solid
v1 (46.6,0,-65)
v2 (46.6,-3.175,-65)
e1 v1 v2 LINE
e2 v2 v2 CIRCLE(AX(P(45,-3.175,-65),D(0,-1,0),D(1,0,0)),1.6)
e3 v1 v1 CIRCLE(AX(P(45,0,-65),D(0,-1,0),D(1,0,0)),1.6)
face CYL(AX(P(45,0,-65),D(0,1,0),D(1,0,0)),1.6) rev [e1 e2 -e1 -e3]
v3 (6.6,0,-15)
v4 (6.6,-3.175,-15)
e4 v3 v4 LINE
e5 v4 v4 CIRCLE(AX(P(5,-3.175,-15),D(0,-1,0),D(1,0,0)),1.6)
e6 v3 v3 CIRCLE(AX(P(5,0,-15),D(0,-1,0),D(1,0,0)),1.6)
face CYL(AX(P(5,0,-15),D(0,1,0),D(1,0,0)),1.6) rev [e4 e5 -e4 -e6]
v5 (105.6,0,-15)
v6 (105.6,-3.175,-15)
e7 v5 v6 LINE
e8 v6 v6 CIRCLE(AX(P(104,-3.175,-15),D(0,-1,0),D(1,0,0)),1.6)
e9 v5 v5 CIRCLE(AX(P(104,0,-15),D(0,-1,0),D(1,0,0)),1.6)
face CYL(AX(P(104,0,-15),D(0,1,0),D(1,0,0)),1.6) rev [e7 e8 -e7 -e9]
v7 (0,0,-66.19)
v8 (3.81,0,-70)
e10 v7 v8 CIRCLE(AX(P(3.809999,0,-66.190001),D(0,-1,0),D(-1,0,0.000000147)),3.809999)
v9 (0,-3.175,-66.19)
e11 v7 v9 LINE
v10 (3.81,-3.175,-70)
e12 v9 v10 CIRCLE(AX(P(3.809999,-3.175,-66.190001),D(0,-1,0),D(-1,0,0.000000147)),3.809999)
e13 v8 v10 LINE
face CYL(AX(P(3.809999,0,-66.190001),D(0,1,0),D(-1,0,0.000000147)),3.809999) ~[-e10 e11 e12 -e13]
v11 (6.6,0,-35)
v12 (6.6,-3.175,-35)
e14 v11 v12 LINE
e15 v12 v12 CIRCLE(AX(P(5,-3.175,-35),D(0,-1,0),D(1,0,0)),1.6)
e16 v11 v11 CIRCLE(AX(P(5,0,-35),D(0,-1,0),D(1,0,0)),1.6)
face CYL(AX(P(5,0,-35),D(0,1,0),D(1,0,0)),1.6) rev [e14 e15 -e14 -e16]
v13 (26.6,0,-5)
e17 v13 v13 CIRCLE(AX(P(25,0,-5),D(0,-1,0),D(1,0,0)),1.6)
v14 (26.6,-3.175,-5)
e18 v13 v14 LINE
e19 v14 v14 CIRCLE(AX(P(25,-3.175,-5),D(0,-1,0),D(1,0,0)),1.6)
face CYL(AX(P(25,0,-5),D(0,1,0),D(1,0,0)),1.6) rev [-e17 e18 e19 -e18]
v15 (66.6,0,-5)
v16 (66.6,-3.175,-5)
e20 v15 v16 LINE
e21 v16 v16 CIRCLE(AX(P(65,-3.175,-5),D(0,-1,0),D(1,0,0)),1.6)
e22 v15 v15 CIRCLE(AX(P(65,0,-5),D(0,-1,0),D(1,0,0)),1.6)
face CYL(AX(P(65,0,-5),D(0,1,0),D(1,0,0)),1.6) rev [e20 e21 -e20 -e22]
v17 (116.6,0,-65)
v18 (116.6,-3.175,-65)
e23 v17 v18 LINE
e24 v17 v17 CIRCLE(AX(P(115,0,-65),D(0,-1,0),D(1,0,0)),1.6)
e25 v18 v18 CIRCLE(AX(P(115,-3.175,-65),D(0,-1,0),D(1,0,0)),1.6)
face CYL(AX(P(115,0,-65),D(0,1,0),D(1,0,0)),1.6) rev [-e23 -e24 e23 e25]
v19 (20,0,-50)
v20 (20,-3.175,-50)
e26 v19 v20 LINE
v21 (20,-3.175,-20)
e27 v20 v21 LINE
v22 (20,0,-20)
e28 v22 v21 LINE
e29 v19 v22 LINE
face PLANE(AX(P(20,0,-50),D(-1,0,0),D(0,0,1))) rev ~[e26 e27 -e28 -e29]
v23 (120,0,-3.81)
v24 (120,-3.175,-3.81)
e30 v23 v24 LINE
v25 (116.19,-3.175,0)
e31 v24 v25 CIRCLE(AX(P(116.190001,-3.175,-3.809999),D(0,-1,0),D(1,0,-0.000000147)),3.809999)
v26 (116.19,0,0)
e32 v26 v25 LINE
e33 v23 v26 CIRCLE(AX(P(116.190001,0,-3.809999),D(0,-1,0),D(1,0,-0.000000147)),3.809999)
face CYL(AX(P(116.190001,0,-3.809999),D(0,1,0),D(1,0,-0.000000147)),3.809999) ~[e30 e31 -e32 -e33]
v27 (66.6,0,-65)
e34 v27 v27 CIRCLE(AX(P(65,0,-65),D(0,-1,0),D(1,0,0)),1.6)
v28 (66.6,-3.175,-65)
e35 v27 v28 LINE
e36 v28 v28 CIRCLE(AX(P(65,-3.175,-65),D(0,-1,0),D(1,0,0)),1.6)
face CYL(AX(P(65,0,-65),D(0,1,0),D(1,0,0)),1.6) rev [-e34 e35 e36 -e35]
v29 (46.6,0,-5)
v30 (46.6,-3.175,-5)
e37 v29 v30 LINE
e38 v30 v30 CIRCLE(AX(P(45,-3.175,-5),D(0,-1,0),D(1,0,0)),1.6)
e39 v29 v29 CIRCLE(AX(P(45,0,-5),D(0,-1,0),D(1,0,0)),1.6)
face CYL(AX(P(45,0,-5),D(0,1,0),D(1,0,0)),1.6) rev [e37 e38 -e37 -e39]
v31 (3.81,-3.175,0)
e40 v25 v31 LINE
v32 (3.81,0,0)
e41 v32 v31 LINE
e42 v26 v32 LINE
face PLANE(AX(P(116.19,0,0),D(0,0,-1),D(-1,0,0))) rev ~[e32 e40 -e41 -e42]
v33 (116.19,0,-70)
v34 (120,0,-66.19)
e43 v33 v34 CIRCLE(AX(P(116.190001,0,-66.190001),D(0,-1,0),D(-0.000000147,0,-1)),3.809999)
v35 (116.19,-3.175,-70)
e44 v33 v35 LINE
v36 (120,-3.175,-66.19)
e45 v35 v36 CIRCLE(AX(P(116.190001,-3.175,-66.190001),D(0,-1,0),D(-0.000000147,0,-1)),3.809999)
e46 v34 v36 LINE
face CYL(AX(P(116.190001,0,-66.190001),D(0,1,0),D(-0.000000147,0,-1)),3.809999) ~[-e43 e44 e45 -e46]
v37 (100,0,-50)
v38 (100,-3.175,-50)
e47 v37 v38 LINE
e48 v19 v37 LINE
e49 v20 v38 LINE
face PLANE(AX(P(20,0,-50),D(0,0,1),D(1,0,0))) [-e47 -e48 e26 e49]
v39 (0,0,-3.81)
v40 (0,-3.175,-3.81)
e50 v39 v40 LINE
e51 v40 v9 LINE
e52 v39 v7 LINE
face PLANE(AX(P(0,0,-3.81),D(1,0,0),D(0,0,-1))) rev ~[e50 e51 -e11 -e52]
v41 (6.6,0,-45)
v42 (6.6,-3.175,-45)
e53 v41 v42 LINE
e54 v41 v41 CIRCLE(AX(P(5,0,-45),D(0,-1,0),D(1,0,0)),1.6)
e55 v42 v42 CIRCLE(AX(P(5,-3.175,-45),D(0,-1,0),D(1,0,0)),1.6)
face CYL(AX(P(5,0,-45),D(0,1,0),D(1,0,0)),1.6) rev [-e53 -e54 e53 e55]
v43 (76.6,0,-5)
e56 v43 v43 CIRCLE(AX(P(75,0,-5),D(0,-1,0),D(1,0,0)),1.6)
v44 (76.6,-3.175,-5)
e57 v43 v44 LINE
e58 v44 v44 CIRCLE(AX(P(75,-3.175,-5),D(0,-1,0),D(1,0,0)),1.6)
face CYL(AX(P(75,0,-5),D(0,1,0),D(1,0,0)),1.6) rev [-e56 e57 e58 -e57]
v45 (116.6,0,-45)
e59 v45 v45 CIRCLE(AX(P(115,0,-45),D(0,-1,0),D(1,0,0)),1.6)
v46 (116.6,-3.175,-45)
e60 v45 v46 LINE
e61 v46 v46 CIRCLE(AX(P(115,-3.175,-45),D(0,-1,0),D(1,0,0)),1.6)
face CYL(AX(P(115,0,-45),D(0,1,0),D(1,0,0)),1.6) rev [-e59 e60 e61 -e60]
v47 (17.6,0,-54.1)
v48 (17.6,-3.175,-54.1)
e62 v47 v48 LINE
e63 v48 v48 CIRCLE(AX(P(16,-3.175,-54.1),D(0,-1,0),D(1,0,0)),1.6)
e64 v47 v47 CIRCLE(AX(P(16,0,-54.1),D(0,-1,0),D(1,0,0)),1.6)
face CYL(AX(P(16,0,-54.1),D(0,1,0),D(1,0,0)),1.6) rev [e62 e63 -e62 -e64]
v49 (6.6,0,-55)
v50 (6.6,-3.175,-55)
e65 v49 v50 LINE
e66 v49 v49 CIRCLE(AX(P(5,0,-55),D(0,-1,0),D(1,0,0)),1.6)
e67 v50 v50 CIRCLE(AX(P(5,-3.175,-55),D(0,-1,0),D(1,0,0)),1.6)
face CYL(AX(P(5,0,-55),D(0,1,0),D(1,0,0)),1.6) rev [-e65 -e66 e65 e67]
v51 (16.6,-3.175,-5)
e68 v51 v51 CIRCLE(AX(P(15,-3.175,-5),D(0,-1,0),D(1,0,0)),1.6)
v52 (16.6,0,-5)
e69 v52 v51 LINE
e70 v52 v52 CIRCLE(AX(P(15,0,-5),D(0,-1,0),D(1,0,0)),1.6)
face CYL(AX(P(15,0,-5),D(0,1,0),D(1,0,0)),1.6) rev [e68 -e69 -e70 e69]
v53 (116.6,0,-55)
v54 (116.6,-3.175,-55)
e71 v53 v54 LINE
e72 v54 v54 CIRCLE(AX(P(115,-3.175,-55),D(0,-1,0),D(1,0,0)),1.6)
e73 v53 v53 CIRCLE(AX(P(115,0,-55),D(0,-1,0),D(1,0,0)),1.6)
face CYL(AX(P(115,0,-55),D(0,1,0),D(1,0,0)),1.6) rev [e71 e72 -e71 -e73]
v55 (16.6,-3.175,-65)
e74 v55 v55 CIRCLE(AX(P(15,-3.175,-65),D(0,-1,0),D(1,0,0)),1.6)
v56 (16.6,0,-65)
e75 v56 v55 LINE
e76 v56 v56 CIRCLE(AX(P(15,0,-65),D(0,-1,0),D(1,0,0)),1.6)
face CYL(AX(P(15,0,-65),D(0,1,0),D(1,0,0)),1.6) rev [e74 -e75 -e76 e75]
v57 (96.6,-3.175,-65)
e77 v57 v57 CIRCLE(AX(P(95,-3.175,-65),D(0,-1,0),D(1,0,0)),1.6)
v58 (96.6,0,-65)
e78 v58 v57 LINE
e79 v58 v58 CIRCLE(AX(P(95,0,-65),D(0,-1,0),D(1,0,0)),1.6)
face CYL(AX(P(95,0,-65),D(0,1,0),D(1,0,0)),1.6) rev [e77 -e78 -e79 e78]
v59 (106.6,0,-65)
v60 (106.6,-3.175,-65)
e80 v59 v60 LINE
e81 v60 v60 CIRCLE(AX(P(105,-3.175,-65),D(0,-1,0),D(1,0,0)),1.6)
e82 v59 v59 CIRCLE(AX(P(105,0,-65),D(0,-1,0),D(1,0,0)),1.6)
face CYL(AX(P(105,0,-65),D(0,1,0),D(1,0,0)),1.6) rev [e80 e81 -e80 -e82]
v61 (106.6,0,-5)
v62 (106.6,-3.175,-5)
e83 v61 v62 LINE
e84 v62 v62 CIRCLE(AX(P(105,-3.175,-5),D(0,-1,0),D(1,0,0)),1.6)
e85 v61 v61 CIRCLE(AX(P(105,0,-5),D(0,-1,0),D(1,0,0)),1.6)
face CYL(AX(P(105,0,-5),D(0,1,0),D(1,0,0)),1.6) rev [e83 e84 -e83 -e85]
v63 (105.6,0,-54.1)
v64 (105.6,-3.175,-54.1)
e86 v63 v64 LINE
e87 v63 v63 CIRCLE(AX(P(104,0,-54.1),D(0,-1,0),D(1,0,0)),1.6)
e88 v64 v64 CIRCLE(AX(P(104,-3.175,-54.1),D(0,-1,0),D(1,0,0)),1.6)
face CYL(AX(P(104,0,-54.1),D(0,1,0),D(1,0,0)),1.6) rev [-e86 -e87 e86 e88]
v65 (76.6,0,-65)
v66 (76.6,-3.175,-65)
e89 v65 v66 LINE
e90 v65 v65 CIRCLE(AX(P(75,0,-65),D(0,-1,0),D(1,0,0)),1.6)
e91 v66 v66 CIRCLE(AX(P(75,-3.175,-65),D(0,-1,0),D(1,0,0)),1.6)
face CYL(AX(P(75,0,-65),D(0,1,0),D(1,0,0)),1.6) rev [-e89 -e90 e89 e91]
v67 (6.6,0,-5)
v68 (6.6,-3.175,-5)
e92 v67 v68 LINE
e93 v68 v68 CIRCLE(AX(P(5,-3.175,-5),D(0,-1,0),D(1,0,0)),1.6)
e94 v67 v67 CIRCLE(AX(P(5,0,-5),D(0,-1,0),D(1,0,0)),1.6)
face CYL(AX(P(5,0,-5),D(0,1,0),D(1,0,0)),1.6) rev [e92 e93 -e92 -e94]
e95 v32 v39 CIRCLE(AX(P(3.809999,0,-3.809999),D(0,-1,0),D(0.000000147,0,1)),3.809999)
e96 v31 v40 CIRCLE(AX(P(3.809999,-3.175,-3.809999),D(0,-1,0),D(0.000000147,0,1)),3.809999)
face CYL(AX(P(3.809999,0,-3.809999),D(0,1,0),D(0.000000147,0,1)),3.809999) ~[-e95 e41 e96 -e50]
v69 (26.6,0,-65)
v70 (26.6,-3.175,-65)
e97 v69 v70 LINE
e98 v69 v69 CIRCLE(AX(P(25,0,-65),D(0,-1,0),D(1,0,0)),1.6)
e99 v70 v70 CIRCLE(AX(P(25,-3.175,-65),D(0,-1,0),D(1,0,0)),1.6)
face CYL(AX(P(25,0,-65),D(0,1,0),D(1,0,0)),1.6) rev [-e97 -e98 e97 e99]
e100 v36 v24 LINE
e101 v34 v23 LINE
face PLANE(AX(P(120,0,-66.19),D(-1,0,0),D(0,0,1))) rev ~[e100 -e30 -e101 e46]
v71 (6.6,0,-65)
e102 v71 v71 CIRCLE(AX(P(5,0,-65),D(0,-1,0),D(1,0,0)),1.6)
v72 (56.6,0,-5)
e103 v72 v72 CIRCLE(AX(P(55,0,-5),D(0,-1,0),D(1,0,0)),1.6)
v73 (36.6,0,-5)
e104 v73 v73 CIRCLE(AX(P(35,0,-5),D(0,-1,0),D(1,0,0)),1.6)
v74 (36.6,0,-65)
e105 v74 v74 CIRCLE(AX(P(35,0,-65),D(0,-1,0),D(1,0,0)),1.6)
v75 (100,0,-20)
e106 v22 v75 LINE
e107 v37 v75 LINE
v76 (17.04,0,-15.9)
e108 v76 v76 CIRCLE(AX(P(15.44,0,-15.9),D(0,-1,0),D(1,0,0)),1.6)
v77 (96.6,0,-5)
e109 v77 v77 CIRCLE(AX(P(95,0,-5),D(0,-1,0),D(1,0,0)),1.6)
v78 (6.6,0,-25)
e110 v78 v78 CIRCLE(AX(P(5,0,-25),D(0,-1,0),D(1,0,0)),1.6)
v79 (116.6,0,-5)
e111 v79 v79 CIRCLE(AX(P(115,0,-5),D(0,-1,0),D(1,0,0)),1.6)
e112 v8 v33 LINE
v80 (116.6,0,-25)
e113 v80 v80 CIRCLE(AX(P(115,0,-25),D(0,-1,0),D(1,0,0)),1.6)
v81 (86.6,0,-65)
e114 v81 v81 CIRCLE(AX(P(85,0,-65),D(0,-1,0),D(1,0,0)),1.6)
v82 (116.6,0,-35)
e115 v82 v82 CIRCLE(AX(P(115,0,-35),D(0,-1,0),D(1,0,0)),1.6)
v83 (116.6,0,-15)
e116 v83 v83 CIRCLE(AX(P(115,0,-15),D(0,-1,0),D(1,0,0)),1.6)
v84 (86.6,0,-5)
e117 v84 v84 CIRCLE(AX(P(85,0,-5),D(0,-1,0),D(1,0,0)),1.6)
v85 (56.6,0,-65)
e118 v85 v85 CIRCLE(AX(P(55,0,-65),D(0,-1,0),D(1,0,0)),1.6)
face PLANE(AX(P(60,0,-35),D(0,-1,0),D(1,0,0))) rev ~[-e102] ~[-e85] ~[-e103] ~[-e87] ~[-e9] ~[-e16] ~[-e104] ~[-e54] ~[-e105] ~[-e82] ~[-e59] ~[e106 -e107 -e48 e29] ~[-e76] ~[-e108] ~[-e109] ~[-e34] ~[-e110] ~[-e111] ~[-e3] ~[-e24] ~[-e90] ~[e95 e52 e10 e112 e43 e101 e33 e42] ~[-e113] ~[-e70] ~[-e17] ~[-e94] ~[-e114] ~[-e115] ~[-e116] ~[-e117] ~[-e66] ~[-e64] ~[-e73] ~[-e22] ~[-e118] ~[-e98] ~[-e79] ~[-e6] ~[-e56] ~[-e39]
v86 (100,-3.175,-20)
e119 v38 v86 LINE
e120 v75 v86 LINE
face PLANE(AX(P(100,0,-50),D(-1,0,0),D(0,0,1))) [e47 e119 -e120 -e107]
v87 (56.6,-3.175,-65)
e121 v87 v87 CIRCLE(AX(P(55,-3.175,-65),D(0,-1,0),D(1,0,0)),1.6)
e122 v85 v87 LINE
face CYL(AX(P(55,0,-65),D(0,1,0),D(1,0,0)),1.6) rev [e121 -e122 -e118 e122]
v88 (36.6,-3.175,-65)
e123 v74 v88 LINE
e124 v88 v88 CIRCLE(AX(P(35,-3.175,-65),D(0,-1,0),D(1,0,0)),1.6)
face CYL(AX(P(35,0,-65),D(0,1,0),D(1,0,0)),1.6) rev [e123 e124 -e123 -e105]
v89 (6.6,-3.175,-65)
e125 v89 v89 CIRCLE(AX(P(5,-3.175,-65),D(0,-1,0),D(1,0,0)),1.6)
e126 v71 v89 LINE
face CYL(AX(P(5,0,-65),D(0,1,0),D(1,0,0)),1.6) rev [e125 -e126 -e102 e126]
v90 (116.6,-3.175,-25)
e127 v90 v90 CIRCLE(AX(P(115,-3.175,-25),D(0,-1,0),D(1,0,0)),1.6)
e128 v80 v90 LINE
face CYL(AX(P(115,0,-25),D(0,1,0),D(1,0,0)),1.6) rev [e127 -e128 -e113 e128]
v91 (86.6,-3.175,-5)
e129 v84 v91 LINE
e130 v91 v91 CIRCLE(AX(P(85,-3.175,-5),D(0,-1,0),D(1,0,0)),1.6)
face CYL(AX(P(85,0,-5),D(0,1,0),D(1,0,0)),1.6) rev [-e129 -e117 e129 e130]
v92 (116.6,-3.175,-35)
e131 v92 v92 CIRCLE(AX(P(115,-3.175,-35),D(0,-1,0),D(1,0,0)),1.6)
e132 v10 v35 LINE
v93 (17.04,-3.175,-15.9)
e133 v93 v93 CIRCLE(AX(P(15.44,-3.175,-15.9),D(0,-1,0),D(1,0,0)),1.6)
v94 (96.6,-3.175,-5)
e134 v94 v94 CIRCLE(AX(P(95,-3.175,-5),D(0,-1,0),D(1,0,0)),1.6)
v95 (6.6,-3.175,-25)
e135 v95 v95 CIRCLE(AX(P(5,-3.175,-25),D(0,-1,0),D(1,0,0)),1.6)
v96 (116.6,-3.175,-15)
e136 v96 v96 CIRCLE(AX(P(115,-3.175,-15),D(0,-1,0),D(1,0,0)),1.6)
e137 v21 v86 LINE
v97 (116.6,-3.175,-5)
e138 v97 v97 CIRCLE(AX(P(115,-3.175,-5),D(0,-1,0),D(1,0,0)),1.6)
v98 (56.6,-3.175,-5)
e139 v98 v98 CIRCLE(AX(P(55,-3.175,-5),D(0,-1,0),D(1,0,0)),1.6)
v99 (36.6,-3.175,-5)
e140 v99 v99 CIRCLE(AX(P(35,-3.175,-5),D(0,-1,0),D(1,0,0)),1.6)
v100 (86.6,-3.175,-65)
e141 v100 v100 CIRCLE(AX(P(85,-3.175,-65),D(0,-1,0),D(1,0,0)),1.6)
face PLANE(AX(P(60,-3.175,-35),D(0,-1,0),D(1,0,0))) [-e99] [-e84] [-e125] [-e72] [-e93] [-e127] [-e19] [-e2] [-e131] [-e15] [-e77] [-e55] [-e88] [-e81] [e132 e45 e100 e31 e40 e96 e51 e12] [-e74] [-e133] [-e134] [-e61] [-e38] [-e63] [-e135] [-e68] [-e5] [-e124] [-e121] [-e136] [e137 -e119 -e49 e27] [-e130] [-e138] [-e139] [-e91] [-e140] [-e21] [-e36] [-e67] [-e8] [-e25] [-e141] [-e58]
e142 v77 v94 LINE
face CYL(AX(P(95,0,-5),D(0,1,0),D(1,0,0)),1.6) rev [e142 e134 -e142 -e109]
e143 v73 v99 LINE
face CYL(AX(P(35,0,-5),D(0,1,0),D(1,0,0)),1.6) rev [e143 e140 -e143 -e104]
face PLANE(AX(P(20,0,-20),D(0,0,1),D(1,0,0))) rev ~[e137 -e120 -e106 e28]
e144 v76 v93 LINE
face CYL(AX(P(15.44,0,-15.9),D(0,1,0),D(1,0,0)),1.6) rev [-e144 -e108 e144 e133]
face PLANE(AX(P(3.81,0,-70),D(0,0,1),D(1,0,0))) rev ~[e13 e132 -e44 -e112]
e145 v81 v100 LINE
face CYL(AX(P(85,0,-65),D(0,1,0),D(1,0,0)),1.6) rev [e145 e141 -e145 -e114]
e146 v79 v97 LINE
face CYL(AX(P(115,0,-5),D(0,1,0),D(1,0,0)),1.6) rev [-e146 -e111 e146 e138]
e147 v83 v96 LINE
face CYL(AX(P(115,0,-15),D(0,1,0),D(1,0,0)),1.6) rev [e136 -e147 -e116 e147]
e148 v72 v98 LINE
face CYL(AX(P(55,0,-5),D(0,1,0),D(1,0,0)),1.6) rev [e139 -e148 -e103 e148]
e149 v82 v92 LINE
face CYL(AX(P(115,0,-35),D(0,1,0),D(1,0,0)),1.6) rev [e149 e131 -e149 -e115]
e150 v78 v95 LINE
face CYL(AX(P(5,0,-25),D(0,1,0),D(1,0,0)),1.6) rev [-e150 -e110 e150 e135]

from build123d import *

# Parameters (mm, degrees)
F0_R     = 1.6
F0_W     = 80
F0_H     = 30
F1_DEPTH = 3.175


with BuildPart() as f1:
    # F0 (on Front) → F1 (new body)
    with BuildSketch(Plane.XZ):
        with BuildLine():
            Line((116.19, 0), (3.81, 0))
            ThreePointArc((3.81, 0), (1.115923, -1.115923), (0, -3.81))
            Line((0, -3.81), (0, -66.19))
            ThreePointArc((0, -66.19), (1.115923, -68.884077), (3.81, -70))
            Line((3.81, -70), (116.19, -70))
            ThreePointArc((116.19, -70), (118.884077, -68.884077), (120, -66.19))
            Line((120, -66.19), (120, -3.81))
            ThreePointArc((120, -3.81), (118.884077, -1.115923), (116.19, 0))
        make_face()
        with Locations((5, -65)):
            Circle(F0_R, mode=Mode.SUBTRACT)
        with Locations((15, -65)):
            Circle(F0_R, mode=Mode.SUBTRACT)
        with Locations((25, -65)):
            Circle(F0_R, mode=Mode.SUBTRACT)
        with Locations((5, -55)):
            Circle(F0_R, mode=Mode.SUBTRACT)
        with Locations((16, -54.1)):
            Circle(F0_R, mode=Mode.SUBTRACT)
        with Locations((35, -65)):
            Circle(F0_R, mode=Mode.SUBTRACT)
        with Locations((45, -65)):
            Circle(F0_R, mode=Mode.SUBTRACT)
        with Locations((55, -65)):
            Circle(F0_R, mode=Mode.SUBTRACT)
        with Locations((5, -45)):
            Circle(F0_R, mode=Mode.SUBTRACT)
        with Locations((65, -65)):
            Circle(F0_R, mode=Mode.SUBTRACT)
        with Locations((75, -65)):
            Circle(F0_R, mode=Mode.SUBTRACT)
        with Locations((85, -65)):
            Circle(F0_R, mode=Mode.SUBTRACT)
        with Locations((95, -65)):
            Circle(F0_R, mode=Mode.SUBTRACT)
        with Locations((105, -65)):
            Circle(F0_R, mode=Mode.SUBTRACT)
        with Locations((115, -65)):
            Circle(F0_R, mode=Mode.SUBTRACT)
        with Locations((104, -54.1)):
            Circle(F0_R, mode=Mode.SUBTRACT)
        with Locations((115, -55)):
            Circle(F0_R, mode=Mode.SUBTRACT)
        with Locations((115, -45)):
            Circle(F0_R, mode=Mode.SUBTRACT)
        with Locations((5, -35)):
            Circle(F0_R, mode=Mode.SUBTRACT)
        with Locations((5, -25)):
            Circle(F0_R, mode=Mode.SUBTRACT)
        with Locations((5, -15)):
            Circle(F0_R, mode=Mode.SUBTRACT)
        with Locations((15.44, -15.9)):
            Circle(F0_R, mode=Mode.SUBTRACT)
        with Locations((5, -5)):
            Circle(F0_R, mode=Mode.SUBTRACT)
        with Locations((15, -5)):
            Circle(F0_R, mode=Mode.SUBTRACT)
        with Locations((25, -5)):
            Circle(F0_R, mode=Mode.SUBTRACT)
        with Locations((35, -5)):
            Circle(F0_R, mode=Mode.SUBTRACT)
        with Locations((45, -5)):
            Circle(F0_R, mode=Mode.SUBTRACT)
        with Locations((55, -5)):
            Circle(F0_R, mode=Mode.SUBTRACT)
        with Locations((60, -35)):
            Rectangle(F0_W, F0_H, mode=Mode.SUBTRACT)
        with Locations((115, -35)):
            Circle(F0_R, mode=Mode.SUBTRACT)
        with Locations((115, -25)):
            Circle(F0_R, mode=Mode.SUBTRACT)
        with Locations((65, -5)):
            Circle(F0_R, mode=Mode.SUBTRACT)
        with Locations((75, -5)):
            Circle(F0_R, mode=Mode.SUBTRACT)
        with Locations((85, -5)):
            Circle(F0_R, mode=Mode.SUBTRACT)
        with Locations((104, -15)):
            Circle(F0_R, mode=Mode.SUBTRACT)
        with Locations((115, -15)):
            Circle(F0_R, mode=Mode.SUBTRACT)
        with Locations((95, -5)):
            Circle(F0_R, mode=Mode.SUBTRACT)
        with Locations((105, -5)):
            Circle(F0_R, mode=Mode.SUBTRACT)
        with Locations((115, -5)):
            Circle(F0_R, mode=Mode.SUBTRACT)
    extrude(amount=F1_DEPTH)


solid = f1.part
